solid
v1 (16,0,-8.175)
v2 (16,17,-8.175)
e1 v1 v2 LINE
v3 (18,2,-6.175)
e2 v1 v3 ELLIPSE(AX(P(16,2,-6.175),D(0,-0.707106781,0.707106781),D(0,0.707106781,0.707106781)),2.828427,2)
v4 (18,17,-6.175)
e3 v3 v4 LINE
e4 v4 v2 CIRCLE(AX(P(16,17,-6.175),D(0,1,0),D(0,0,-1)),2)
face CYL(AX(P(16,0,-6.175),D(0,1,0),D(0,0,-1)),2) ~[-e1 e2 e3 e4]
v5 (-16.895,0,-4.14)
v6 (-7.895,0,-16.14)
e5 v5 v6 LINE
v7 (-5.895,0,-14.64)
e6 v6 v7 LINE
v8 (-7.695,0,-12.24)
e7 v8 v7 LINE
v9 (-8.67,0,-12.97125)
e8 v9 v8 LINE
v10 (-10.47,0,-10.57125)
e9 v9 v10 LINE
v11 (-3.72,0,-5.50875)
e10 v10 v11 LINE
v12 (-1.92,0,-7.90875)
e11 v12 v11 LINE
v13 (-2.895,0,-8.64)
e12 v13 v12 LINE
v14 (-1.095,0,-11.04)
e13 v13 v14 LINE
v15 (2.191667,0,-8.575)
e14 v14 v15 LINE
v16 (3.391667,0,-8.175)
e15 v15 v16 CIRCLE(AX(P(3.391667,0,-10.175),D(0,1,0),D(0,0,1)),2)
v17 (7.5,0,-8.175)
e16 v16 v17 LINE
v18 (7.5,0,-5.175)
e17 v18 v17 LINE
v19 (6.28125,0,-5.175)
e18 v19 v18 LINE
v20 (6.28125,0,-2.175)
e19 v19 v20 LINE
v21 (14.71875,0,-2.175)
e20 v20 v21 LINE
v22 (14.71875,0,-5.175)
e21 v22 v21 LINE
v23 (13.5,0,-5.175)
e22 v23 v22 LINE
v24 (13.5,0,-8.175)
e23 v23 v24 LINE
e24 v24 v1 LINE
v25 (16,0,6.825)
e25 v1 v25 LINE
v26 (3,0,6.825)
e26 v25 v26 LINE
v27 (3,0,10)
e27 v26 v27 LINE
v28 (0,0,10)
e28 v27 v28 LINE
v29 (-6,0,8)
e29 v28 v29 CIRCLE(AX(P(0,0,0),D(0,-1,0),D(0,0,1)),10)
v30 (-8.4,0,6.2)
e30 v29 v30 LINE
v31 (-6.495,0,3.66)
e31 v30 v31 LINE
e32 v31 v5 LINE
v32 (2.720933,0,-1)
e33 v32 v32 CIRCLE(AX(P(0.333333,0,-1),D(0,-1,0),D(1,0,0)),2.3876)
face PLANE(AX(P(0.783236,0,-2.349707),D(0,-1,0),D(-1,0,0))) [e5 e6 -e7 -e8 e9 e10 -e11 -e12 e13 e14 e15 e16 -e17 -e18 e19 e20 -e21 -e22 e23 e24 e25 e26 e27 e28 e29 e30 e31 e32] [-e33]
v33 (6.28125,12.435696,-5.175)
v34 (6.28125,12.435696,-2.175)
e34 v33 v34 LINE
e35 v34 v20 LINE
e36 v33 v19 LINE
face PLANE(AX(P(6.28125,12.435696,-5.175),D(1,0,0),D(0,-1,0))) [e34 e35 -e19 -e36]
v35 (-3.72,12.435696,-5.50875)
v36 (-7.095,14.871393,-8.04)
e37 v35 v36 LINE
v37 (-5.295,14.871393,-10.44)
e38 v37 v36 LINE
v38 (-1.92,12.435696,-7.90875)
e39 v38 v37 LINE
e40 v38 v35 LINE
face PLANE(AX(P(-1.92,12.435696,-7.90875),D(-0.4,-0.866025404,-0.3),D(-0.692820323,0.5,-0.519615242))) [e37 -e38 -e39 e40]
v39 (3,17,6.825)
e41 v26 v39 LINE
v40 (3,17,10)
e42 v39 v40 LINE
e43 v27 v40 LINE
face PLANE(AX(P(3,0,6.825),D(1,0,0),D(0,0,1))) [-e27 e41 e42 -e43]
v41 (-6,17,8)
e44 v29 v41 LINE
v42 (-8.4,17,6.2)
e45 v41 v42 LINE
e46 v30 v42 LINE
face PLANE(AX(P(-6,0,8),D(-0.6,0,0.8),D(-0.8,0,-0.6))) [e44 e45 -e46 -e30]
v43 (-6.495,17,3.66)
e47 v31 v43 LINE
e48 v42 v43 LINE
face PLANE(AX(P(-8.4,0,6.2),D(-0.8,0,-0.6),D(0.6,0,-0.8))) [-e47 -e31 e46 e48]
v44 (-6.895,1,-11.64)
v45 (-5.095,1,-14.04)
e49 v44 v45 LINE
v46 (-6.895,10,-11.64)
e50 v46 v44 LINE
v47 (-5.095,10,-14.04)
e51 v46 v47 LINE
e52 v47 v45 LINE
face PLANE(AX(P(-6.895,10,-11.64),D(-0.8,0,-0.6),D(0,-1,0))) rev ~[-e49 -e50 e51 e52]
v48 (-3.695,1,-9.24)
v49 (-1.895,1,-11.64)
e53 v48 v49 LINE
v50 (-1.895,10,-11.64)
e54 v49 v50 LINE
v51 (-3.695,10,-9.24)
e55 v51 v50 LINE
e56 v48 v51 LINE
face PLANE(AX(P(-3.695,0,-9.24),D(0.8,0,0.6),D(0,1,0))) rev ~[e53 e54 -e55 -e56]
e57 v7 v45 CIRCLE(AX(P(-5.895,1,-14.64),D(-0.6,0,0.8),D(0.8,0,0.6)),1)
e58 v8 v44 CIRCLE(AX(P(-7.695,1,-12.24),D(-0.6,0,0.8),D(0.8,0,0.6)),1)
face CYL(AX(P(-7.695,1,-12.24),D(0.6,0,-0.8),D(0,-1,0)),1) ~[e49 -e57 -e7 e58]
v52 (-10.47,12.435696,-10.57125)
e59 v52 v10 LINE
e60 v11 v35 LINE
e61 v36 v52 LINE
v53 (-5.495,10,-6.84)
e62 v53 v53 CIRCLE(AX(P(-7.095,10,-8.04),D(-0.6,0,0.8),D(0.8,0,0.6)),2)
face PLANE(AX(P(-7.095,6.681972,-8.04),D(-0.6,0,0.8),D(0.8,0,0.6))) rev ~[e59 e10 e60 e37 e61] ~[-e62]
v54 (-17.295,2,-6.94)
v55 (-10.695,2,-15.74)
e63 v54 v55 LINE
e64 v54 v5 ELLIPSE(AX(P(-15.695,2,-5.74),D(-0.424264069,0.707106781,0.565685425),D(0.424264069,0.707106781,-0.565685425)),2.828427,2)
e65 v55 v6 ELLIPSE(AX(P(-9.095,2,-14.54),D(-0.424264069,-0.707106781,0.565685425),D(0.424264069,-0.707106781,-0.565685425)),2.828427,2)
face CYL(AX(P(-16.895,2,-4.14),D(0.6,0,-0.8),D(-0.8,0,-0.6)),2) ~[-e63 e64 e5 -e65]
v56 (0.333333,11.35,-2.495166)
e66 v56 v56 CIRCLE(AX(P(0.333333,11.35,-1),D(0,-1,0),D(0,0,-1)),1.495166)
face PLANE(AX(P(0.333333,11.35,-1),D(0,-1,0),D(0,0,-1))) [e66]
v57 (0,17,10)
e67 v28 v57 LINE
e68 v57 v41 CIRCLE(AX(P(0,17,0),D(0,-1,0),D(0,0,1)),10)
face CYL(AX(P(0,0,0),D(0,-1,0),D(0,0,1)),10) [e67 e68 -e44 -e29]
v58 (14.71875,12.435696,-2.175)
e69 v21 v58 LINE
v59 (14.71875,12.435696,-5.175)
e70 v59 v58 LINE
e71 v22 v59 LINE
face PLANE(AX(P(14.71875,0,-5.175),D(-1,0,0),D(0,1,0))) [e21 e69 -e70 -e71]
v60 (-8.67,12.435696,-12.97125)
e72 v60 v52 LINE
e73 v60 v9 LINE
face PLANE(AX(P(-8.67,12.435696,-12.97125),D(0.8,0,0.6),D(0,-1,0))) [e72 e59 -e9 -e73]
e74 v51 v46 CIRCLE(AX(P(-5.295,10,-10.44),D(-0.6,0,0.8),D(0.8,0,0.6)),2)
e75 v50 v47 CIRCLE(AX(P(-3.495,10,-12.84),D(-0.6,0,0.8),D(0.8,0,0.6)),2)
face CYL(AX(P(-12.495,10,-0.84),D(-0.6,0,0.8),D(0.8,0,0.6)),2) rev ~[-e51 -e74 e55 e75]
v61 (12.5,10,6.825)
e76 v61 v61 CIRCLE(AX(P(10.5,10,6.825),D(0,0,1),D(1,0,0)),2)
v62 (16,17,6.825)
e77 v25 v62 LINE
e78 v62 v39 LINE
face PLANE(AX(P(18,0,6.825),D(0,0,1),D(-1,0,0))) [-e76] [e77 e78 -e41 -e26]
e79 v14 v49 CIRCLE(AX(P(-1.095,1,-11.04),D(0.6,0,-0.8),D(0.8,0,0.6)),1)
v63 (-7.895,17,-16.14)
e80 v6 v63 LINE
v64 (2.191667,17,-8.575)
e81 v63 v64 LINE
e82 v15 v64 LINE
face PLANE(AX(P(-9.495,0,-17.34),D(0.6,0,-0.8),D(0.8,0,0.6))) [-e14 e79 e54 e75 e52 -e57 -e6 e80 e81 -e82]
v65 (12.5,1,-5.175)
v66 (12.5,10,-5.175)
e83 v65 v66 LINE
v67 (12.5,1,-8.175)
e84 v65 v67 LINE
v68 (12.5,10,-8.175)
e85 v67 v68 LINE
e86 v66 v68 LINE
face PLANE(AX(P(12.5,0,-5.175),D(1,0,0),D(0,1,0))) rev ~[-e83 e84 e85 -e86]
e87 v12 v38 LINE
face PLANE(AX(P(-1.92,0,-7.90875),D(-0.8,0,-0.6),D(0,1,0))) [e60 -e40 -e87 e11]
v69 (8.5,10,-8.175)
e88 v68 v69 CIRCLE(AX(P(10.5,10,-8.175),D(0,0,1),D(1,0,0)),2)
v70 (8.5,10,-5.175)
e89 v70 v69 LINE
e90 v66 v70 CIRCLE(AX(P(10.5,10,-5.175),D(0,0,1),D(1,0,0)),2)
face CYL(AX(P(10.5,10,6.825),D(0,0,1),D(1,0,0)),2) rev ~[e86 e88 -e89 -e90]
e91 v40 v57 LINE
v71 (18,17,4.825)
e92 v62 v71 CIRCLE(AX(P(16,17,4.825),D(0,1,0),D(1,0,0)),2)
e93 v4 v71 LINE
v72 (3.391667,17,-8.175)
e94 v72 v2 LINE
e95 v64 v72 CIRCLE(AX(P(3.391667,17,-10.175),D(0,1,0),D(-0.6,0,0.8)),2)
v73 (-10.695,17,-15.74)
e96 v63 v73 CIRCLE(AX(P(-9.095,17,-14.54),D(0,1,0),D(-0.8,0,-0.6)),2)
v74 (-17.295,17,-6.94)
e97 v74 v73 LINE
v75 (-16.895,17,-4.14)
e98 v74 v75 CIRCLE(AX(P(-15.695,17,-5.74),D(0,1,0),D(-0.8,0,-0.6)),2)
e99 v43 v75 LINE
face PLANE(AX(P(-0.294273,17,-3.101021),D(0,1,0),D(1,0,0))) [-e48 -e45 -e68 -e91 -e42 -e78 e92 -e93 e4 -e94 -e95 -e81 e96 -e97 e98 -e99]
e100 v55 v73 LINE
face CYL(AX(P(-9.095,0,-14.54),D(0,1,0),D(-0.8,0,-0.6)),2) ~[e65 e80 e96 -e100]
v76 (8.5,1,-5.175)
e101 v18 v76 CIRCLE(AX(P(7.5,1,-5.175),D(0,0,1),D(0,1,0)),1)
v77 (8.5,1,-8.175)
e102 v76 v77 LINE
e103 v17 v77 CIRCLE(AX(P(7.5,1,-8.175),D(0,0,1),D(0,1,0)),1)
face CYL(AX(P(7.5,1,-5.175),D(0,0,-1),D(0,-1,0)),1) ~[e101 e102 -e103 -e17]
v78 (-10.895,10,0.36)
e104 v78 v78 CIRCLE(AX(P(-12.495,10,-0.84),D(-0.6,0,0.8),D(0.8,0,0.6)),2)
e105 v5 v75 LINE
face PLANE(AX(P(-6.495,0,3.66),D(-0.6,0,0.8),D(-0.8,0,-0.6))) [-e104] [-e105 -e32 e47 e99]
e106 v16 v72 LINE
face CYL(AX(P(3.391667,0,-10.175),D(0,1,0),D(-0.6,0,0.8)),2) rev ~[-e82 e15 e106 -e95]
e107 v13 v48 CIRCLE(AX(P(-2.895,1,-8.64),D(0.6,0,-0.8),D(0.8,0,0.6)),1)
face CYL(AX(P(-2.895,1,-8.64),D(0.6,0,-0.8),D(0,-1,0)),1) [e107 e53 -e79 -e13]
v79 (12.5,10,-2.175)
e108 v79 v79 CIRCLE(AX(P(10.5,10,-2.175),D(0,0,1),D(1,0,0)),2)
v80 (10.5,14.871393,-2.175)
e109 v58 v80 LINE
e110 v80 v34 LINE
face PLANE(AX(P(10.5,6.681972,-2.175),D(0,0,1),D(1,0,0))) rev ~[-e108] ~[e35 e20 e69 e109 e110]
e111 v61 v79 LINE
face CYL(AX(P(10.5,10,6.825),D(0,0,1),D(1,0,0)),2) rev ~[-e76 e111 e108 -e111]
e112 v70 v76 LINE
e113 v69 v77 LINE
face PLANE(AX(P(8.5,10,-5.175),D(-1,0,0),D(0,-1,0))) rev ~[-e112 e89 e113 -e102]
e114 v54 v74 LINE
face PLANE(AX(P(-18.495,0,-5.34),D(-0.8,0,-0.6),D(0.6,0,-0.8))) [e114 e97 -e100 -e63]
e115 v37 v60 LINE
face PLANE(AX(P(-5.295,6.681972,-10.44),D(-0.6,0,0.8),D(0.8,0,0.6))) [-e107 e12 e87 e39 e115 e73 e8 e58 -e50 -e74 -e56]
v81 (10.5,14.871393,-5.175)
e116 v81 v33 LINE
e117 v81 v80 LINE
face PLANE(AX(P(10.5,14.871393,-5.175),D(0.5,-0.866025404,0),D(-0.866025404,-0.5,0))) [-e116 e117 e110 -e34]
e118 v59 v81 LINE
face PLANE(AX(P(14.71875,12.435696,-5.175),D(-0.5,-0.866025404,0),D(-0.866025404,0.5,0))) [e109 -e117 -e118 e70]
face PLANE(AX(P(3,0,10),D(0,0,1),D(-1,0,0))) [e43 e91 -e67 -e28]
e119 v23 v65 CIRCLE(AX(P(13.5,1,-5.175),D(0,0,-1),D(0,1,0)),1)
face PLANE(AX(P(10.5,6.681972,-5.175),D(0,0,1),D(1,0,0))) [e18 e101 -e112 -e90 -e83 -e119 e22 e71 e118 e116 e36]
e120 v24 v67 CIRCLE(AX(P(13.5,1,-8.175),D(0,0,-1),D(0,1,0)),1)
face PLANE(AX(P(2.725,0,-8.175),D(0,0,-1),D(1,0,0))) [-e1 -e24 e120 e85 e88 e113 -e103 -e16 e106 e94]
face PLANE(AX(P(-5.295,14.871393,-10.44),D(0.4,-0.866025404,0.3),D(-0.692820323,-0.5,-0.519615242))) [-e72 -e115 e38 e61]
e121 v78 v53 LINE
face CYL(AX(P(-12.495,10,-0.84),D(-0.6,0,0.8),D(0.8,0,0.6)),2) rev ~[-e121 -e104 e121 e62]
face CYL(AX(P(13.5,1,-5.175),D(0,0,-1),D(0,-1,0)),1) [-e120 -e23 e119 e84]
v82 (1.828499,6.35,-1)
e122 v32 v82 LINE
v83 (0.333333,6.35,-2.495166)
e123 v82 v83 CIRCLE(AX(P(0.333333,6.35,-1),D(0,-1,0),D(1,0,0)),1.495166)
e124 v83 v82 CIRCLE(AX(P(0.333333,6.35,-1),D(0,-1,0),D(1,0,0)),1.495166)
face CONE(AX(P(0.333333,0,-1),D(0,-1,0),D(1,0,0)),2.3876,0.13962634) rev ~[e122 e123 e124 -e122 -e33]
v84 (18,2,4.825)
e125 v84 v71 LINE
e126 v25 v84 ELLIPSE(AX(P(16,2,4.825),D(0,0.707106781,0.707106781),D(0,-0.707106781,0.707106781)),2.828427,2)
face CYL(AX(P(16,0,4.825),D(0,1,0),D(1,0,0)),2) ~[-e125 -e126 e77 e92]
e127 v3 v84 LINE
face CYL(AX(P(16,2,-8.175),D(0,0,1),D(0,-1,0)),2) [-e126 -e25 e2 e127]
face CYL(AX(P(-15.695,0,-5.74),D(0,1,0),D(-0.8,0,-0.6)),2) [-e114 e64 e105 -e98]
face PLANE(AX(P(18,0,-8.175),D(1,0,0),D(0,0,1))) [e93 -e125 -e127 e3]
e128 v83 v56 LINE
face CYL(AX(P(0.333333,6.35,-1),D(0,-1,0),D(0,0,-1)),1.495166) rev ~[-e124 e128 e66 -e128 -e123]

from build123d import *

# Parameters (mm, degrees)
BOSS_EXTRUDE1_DEPTH = 70
SKETCH2_R           = 2
CUT_EXTRUDE1_DEPTH  = 15
SKETCH3_R           = 2
CUT_EXTRUDE2_DEPTH  = 15
CUT_EXTRUDE3_START  = -3
CUT_EXTRUDE3_DEPTH  = 3
CUT_EXTRUDE4_START  = -3
CUT_EXTRUDE4_DEPTH  = 3
FILLET1_R           = 2
SKETCH8_W           = 45.954012469
SKETCH8_H           = 31.924176852
CUT_EXTRUDE6_DEPTH  = 53
CUT_EXTRUDE7_START  = -3
CUT_EXTRUDE7_DEPTH  = 3
CUT_EXTRUDE8_START  = -3
CUT_EXTRUDE8_DEPTH  = 3
SKETCH11_R          = 2.3876
CUT_EXTRUDE9_DEPTH  = 6.35
CUT_EXTRUDE9_DRAFT  = -8
SKETCH12_R          = 1.4951657
CUT_EXTRUDE10_DEPTH = 5
FILLET2_R           = 1


with BuildPart() as part:
    # Sketch1 → Boss-Extrude1 (new body)
    with BuildSketch(Plane(origin=(0, 0, 0), x_dir=(1, 0, 0), z_dir=(0, 1, 0))):
        with BuildLine():
            Line((-18.495, 5.34), (-9.495, 17.34))
            Line((-9.495, 17.34), (2.725, 8.175))
            Line((2.725, 8.175), (18, 8.175))
            Line((18, 8.175), (18, -6.825))
            Line((18, -6.825), (3, -6.825))
            Line((3, -6.825), (3, -10))
            Line((3, -10), (0, -10))
            ThreePointArc((0, -10), (-3.16227766, -9.486832981), (-6, -8))
            Line((-6, -8), (-8.4, -6.2))
            Line((-8.4, -6.2), (-6.495, -3.66))
            Line((-6.495, -3.66), (-18.495, 5.34))
        make_face()
    extrude(amount=BOSS_EXTRUDE1_DEPTH)

    # Sketch2 → Cut-Extrude1 (cut)
    with BuildSketch(Plane.XY.offset(6.825)):
        with Locations((10.5, 10)):
            Circle(SKETCH2_R)
        with Locations((10.5, 60)):
            Circle(SKETCH2_R)
    extrude(amount=-CUT_EXTRUDE1_DEPTH, mode=Mode.SUBTRACT)

    # Sketch3 → Cut-Extrude2 (cut)
    with BuildSketch(Plane(origin=(-4.095, 0, 5.46), x_dir=(0.8000000000000002, 0, 0.5999999999999999), z_dir=(-0.5999999999999999, 0, 0.8000000000000003))):
        with Locations((-10.5, 10)):
            Circle(SKETCH3_R)
        with Locations((-10.5, 60)):
            Circle(SKETCH3_R)
    extrude(amount=-CUT_EXTRUDE2_DEPTH, mode=Mode.SUBTRACT)

    # Sketch4 → Cut-Extrude3 (cut)
    with BuildSketch(Plane(origin=(4.905, 0, -6.54), x_dir=(-0.8000000000000002, 0, -0.5999999999999998), z_dir=(0.5999999999999998, 0, -0.8000000000000002)).offset(CUT_EXTRUDE3_START)):
        Polygon((6.28125, 12.435696448), (10.5, 14.871392896), (14.71875, 12.435696448), (14.71875, 0), (6.28125, 0), align=None)
        Polygon((10.5, 55.128607104), (14.71875, 57.564303552), (14.71875, 62.435696448), (10.5, 64.871392896), (6.28125, 62.435696448), (6.28125, 57.564303552), align=None)
    extrude(amount=-CUT_EXTRUDE3_DEPTH, mode=Mode.SUBTRACT)

    # Sketch5 → Cut-Extrude4 (cut)
    with BuildSketch(Plane(origin=(0, 0, -8.175), x_dir=(-1, 0, 0), z_dir=(0, 0, -1)).offset(CUT_EXTRUDE4_START)):
        Polygon((-14.71875, 12.435696448), (-10.5, 14.871392896), (-6.28125, 12.435696448), (-6.28125, 0), (-14.71875, 0), align=None)
        Polygon((-10.5, 55.128607104), (-6.28125, 57.564303552), (-6.28125, 62.435696448), (-10.5, 64.871392896), (-14.71875, 62.435696448), (-14.71875, 57.564303552), align=None)
    extrude(amount=-CUT_EXTRUDE4_DEPTH, mode=Mode.SUBTRACT)

    # Fillet1
    fillet1_edges = [part.edges().sort_by_distance(p)[0] for p in [
        (-13.995, 0, -11.34),
        (18, 0, -0.675),
        (-18.495, 35, -5.34),
        (-9.495, 35, -17.34),
        (2.725, 35, -8.175),
        (18, 35, -8.175),
        (18, 35, 6.825),
    ]]
    fillet(fillet1_edges, radius=FILLET1_R)

    # Sketch8 → Cut-Extrude6 (cut)
    with BuildSketch(Plane(origin=(0, 70, 0), x_dir=(1, 0, 0), z_dir=(0, 1, 0))):
        with Locations((-0.294273389, 3.101020579)):
            Rectangle(SKETCH8_W, SKETCH8_H)
    extrude(amount=-CUT_EXTRUDE6_DEPTH, mode=Mode.SUBTRACT)

    # Sketch9 → Cut-Extrude7 (cut)
    with BuildSketch(Plane(origin=(4.905, 0, -6.54), x_dir=(-0.8000000000000002, 0, -0.5999999999999998), z_dir=(0.5999999999999998, 0, -0.8000000000000002)).offset(CUT_EXTRUDE7_START)):
        with BuildLine():
            Line((12.5, 10), (12.5, 0))
            Line((12.5, 0), (8.5, 0))
            Line((8.5, 0), (8.5, 10))
            ThreePointArc((8.5, 10), (10.5, 8), (12.5, 10))
        make_face()
    extrude(amount=CUT_EXTRUDE7_DEPTH, mode=Mode.SUBTRACT)

    # Sketch10 → Cut-Extrude8 (cut)
    with BuildSketch(Plane(origin=(0, 0, -8.175), x_dir=(-1, 0, 0), z_dir=(0, 0, -1)).offset(CUT_EXTRUDE8_START)):
        with BuildLine():
            Line((-8.5, 10), (-8.5, 0))
            Line((-8.5, 0), (-12.5, 0))
            Line((-12.5, 0), (-12.5, 10))
            ThreePointArc((-12.5, 10), (-10.5, 8), (-8.5, 10))
        make_face()
    extrude(amount=CUT_EXTRUDE8_DEPTH, mode=Mode.SUBTRACT)


with BuildPart() as cut_extrude9_tool:
    # Sketch11 → Cut-Extrude9 (with draft: the straight prism first)
    with BuildSketch(Plane.XZ):
        with Locations((0.333333333, -1)):
            Circle(SKETCH11_R)
    extrude(amount=-CUT_EXTRUDE9_DEPTH)
    # Cut-Extrude9: the draft: its side faces are tilted about the plane it starts from
    cut_extrude9_sides = [cut_extrude9_tool.faces().sort_by_distance(p)[0] for p in [
        (-2.054266667, 3.175, -1),
    ]]
    draft(cut_extrude9_sides, Plane.XZ, CUT_EXTRUDE9_DRAFT)


with BuildPart() as part_1:
    add(part.part)

    # Cut-Extrude9: cut by cut_extrude9_tool
    add(cut_extrude9_tool.part, mode=Mode.SUBTRACT)

    # Sketch12 → Cut-Extrude10 (cut)
    with BuildSketch(Plane.XZ.offset(-6.35)):
        with Locations(Location((0.333333333, -1, 0), (0, 0, 270))):
            Circle(SKETCH12_R)
    extrude(amount=-CUT_EXTRUDE10_DEPTH, mode=Mode.SUBTRACT)

    # Fillet2
    fillet2_edges = [part_1.edges().sort_by_distance(p)[0] for p in [
        (-5.995, 0, -12.84),
        (-2.795, 0, -10.44),
        (8.5, 0, -6.675),
        (12.5, 0, -6.675),
    ]]
    fillet(fillet2_edges, radius=FILLET2_R)


solid = part_1.part
